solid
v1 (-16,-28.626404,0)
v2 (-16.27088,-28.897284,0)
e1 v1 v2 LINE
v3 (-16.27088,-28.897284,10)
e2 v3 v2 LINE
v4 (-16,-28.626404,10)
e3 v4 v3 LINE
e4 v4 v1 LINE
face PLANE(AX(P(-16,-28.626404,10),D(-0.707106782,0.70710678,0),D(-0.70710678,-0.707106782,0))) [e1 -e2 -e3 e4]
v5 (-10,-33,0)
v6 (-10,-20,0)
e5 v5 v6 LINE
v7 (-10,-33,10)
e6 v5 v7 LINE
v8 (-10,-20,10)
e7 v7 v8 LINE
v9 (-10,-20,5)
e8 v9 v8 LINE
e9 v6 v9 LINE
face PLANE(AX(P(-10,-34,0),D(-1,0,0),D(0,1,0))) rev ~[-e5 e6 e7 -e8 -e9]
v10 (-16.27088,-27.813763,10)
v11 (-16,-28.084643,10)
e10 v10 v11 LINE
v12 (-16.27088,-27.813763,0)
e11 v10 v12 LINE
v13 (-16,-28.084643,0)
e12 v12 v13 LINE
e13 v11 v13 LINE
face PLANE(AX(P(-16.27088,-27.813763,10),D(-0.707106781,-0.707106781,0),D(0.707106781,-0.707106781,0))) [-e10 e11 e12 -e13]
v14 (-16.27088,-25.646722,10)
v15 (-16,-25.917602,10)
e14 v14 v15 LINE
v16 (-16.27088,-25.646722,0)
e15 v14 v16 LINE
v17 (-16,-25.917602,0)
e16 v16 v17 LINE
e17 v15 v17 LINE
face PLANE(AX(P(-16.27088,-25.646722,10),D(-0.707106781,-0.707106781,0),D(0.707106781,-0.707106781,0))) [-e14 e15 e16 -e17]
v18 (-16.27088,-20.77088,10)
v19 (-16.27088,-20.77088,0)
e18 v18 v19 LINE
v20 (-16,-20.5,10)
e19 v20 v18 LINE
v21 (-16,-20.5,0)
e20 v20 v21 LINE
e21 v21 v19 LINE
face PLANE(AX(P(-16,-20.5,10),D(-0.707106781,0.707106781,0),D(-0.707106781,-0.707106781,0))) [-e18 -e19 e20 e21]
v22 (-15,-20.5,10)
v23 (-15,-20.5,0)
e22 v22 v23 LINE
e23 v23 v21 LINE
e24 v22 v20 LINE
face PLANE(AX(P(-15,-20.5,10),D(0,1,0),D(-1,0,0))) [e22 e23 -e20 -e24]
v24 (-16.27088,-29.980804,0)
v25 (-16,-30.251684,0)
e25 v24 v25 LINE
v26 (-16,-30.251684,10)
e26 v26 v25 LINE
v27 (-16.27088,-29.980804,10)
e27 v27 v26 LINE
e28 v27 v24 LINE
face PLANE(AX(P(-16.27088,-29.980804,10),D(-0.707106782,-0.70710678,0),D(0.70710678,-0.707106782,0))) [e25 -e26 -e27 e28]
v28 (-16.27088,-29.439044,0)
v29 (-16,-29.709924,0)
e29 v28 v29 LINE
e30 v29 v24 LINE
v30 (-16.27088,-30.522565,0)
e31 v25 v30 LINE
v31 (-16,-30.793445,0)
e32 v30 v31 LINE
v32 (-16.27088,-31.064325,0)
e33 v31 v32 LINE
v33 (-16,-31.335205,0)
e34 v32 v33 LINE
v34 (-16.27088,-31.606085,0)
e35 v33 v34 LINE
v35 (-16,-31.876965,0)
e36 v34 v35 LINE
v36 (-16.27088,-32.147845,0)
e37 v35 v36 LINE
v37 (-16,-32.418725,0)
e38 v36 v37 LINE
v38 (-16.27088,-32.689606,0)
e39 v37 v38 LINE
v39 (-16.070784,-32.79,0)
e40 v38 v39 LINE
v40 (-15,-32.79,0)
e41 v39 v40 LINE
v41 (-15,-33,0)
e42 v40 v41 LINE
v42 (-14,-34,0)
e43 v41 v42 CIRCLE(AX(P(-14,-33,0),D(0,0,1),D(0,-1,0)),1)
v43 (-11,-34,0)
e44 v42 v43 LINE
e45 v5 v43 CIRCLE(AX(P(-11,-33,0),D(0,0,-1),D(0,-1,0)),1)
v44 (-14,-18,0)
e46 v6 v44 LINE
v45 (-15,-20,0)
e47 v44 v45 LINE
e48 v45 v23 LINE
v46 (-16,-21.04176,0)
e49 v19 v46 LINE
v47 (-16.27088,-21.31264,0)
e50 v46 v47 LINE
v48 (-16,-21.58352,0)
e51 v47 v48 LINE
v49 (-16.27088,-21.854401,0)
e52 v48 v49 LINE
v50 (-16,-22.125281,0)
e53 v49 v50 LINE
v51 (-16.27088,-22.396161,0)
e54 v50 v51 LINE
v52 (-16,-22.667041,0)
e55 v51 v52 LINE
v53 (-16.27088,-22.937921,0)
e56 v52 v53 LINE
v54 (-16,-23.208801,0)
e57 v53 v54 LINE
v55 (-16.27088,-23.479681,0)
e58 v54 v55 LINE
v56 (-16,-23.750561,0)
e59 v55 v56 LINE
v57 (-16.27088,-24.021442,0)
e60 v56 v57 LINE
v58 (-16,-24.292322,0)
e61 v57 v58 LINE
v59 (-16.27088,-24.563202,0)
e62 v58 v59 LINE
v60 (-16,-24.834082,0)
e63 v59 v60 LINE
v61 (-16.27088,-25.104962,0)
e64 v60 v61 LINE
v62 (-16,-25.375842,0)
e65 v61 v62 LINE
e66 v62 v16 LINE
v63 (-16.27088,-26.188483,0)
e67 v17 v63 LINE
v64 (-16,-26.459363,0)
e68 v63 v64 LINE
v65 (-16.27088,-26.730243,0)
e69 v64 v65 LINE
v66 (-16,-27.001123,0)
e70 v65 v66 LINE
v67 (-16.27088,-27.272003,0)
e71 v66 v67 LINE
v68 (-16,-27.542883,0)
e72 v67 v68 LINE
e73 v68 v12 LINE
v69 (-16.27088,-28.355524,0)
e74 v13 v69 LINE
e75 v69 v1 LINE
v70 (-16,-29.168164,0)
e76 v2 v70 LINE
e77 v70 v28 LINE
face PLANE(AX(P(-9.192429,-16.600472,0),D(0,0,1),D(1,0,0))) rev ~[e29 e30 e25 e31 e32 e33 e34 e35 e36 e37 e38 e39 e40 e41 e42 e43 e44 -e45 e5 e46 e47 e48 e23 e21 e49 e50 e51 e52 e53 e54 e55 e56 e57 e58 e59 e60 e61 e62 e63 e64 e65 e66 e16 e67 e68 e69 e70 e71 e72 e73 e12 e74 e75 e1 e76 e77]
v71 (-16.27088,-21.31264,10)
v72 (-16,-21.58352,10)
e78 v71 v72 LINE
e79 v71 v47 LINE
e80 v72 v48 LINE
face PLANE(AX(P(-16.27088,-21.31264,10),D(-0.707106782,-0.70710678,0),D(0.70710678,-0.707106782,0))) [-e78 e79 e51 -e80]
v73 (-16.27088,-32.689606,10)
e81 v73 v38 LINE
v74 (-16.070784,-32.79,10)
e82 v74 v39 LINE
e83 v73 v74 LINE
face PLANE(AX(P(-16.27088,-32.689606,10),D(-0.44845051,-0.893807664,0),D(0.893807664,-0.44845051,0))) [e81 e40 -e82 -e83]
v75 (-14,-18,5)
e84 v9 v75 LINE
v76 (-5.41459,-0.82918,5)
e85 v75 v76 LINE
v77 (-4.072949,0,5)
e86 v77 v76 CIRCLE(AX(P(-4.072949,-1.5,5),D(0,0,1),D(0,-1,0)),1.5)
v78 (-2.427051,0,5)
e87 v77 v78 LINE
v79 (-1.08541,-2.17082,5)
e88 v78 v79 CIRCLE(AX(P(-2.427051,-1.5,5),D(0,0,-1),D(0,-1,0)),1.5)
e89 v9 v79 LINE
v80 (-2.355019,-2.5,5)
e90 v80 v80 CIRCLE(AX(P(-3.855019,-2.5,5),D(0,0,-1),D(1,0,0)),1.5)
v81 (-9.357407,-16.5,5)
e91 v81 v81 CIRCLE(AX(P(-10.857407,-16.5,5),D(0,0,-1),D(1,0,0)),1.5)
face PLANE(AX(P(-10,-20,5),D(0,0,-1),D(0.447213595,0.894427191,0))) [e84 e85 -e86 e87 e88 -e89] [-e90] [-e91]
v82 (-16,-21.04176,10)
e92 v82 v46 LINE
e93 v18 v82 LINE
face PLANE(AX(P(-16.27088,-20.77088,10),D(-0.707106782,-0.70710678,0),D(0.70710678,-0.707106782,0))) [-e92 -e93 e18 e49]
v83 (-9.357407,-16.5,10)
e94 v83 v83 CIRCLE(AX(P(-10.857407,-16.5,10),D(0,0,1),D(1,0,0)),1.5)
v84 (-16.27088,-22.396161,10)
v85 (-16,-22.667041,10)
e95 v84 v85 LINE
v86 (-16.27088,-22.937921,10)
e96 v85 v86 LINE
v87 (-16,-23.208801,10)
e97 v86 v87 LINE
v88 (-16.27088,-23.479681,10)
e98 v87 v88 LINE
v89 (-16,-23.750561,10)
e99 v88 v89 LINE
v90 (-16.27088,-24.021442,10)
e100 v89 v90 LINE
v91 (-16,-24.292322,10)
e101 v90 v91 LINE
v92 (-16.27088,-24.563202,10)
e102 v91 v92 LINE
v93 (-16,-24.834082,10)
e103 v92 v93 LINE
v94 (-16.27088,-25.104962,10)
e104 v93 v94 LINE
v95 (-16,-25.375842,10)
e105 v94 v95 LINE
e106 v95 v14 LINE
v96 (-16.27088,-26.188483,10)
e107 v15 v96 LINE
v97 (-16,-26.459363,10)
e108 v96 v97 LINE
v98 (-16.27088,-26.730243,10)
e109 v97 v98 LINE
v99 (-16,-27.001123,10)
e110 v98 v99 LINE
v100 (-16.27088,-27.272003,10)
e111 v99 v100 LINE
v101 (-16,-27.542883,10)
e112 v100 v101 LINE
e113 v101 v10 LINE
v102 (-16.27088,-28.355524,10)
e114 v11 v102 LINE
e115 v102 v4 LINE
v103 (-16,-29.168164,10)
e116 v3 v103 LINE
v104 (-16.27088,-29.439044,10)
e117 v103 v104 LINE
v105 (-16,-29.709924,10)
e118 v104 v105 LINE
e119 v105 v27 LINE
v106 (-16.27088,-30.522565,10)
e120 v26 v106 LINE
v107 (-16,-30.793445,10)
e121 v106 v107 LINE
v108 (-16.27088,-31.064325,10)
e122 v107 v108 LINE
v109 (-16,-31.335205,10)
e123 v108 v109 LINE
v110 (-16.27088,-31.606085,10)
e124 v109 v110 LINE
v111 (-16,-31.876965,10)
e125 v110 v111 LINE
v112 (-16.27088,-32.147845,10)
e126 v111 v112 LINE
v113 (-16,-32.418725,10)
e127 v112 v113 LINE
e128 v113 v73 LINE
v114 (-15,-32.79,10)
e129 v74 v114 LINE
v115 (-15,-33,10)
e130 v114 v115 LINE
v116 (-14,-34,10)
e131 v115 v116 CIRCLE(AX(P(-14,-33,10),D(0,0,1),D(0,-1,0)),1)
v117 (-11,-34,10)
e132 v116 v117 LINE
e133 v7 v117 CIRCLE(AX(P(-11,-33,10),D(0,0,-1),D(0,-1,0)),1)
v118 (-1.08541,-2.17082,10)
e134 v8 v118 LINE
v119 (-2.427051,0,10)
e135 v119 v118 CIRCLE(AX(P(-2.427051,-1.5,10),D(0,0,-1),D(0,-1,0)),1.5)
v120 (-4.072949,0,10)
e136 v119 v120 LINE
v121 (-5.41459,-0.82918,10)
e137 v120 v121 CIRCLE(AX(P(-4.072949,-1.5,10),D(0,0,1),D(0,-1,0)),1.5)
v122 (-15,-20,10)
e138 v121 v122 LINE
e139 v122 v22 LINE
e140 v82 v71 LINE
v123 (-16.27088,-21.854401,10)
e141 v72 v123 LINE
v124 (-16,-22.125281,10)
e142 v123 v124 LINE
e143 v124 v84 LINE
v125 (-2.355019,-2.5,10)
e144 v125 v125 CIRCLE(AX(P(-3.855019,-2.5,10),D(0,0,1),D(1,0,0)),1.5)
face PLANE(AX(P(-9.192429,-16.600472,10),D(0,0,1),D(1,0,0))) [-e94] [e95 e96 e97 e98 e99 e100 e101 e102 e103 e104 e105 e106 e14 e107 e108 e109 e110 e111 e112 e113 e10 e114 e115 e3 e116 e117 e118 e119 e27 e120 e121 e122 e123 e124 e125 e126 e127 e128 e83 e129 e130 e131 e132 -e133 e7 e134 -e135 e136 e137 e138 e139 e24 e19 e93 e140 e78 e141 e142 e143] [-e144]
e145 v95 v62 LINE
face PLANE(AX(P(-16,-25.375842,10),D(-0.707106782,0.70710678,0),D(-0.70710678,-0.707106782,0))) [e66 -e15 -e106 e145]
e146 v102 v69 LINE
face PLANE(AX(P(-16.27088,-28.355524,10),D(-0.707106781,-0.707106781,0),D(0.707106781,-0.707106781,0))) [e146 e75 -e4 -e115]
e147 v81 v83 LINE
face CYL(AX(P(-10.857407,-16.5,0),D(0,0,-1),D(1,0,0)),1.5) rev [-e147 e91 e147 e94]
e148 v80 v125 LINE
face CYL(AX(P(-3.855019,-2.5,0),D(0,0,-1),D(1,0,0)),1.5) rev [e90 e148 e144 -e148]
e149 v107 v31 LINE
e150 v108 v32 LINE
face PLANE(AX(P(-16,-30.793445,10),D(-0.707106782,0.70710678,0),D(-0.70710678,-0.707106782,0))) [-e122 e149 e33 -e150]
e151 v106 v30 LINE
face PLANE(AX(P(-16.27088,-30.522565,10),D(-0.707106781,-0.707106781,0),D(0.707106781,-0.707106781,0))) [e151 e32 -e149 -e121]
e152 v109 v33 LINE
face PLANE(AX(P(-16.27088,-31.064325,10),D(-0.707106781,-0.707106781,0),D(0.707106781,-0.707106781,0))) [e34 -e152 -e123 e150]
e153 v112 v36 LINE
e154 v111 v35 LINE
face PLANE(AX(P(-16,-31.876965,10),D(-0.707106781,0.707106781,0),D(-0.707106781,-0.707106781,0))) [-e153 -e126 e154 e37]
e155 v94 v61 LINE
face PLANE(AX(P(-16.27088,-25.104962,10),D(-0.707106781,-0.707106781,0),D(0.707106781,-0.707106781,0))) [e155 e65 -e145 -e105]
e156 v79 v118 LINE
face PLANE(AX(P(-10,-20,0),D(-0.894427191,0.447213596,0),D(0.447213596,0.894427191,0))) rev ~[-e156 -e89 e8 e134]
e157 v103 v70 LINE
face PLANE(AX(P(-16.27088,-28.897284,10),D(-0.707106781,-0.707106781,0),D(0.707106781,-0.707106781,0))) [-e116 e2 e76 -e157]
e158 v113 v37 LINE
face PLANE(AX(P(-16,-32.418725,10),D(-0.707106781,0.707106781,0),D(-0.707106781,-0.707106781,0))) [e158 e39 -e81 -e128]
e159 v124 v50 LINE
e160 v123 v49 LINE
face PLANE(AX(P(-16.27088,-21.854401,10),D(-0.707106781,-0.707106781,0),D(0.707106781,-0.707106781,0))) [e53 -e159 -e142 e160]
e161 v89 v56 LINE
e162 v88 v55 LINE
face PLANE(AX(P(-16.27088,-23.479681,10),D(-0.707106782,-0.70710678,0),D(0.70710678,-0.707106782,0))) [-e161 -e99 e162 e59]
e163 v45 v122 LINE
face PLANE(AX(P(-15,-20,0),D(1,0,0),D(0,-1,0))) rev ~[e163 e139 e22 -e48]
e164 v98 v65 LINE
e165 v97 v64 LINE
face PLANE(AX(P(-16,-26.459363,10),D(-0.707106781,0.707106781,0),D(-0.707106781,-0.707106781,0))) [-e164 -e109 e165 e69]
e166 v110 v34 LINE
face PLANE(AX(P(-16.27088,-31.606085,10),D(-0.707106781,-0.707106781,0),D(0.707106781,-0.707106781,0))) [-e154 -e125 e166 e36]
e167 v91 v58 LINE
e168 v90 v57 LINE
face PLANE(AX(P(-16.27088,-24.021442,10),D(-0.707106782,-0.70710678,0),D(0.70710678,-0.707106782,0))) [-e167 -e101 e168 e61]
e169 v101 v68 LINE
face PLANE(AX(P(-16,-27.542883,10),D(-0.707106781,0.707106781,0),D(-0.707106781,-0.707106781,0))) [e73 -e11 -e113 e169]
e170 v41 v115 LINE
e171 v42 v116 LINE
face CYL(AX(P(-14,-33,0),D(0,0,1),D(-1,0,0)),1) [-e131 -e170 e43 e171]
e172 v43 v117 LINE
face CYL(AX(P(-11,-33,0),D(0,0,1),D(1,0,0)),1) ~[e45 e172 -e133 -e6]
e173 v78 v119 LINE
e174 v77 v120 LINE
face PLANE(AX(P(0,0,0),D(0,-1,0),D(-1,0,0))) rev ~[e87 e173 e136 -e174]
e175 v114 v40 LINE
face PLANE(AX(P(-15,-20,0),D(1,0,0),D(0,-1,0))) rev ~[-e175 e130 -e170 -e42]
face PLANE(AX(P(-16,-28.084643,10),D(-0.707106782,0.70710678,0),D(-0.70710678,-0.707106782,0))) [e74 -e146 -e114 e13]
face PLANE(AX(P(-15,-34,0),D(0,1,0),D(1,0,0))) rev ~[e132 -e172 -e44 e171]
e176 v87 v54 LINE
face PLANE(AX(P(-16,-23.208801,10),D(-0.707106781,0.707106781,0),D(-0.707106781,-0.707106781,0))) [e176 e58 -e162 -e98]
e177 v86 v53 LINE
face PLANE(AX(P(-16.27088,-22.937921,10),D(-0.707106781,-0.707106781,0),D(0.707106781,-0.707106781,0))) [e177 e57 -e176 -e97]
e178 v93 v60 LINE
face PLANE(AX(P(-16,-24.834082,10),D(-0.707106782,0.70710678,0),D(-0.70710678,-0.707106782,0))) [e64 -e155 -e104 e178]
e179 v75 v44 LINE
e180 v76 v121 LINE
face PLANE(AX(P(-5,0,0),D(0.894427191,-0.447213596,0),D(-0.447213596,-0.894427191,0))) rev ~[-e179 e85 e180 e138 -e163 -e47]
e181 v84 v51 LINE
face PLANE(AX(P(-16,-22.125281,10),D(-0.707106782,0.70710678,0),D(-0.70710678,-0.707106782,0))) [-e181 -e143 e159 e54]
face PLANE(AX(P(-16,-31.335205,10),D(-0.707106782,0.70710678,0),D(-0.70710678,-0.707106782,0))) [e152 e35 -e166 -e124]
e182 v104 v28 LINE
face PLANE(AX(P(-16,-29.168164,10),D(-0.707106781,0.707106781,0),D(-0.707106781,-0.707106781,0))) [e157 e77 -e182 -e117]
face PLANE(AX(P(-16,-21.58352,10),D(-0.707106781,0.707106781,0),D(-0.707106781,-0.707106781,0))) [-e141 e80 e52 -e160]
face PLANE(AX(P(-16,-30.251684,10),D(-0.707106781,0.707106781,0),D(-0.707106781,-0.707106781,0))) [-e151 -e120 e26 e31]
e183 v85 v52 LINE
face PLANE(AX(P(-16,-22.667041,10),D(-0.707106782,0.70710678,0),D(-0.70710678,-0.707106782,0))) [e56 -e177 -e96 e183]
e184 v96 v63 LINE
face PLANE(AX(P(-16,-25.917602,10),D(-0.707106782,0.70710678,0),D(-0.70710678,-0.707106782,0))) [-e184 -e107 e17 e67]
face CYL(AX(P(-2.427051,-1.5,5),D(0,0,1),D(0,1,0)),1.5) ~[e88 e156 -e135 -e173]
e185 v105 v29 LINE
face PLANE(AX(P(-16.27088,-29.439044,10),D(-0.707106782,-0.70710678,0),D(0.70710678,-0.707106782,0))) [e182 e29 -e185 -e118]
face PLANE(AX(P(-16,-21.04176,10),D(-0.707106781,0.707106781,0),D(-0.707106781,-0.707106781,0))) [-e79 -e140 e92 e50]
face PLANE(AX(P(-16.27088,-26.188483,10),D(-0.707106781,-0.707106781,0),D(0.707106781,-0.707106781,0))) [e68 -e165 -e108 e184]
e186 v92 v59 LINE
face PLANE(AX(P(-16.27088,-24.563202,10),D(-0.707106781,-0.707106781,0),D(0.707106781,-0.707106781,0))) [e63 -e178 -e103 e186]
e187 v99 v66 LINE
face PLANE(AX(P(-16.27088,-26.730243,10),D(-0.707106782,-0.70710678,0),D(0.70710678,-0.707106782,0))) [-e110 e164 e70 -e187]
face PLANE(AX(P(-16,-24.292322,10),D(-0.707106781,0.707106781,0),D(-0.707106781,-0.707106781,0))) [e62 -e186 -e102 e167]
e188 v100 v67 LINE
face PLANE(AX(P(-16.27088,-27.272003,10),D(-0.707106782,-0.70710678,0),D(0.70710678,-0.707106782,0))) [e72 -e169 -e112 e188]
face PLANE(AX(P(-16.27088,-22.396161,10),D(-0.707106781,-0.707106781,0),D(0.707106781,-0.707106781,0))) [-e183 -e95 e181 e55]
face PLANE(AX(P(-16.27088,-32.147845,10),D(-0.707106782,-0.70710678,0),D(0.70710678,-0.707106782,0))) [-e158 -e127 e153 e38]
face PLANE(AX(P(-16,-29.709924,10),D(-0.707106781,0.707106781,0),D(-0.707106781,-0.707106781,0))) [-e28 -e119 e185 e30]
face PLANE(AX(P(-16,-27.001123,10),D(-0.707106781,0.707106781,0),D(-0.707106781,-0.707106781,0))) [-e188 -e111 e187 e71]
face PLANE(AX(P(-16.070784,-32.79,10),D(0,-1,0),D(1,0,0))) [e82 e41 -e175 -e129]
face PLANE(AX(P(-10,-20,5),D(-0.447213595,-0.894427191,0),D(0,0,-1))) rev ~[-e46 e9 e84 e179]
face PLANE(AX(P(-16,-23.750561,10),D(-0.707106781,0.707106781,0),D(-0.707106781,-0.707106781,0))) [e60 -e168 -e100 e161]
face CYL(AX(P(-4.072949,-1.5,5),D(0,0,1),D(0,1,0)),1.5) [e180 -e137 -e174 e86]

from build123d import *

# Parameters (mm, degrees)
SKETCH2_R           = 1.5
BOSS_EXTRUDE1_DEPTH = 10
SKETCH4_W           = 5
SKETCH4_H           = 22.360679775
CUT_EXTRUDE1_DEPTH  = 10
FILLET1_R           = 1.5
FILLET2_R           = 1
BOSS_EXTRUDE2_DEPTH = 10


with BuildPart() as part:
    # Sketch2 → Boss-Extrude1 (new body)
    with BuildSketch(Plane.XY):
        Polygon((0, 0), (-5, 0), (-15, -20), (-15, -34), (-10, -34), (-10, -20), align=None)
        with Locations((-3.855019194, -2.5)):
            Circle(SKETCH2_R, mode=Mode.SUBTRACT)
        with Locations((-10.857407264, -16.5)):
            Circle(SKETCH2_R, mode=Mode.SUBTRACT)
    extrude(amount=BOSS_EXTRUDE1_DEPTH)

    # Sketch4 → Cut-Extrude1 (cut)
    with BuildSketch(Plane(origin=(0, 0, 0), x_dir=(0, 0, -1), z_dir=(0.894427191, -0.447213595, 0))):
        with Locations((-2.5, -11.180339888)):
            Rectangle(SKETCH4_W, SKETCH4_H)
    extrude(amount=-CUT_EXTRUDE1_DEPTH, mode=Mode.SUBTRACT)

    # Fillet1
    fillet1_edges = [part.edges().sort_by_distance(p)[0] for p in [
        (-5, 0, 7.5),
        (0, 0, 7.5),
    ]]
    fillet(fillet1_edges, radius=FILLET1_R)

    # Fillet2
    fillet2_edges = [part.edges().sort_by_distance(p)[0] for p in [
        (-15, -34, 5),
        (-10, -34, 5),
    ]]
    fillet(fillet2_edges, radius=FILLET2_R)

    # Sketch5 → Boss-Extrude2 (add)
    with BuildSketch(Plane.XY.offset(10)):
        Polygon((-15, -20.5), (-16, -20.5), (-16.270880122, -20.770880122), (-16, -21.041760245), (-16.270880122, -21.312640367), (-16, -21.58352049), (-16.270880122, -21.854400612), (-16, -22.125280734), (-16.270880122, -22.396160857), (-16, -22.667040979), (-16.270880122, -22.937921102), (-16, -23.208801224), (-16.270880122, -23.479681346), (-16, -23.750561469), (-16.270880122, -24.021441591), (-16, -24.292321714), (-16.270880122, -24.563201836), (-16, -24.834081958), (-16.270880122, -25.104962081), (-16, -25.375842203), (-16.270880122, -25.646722326), (-16, -25.917602448), (-16.270880122, -26.188482571), (-16, -26.459362693), (-16.270880122, -26.730242815), (-16, -27.001122938), (-16.270880122, -27.27200306), (-16, -27.542883183), (-16.270880122, -27.813763305), (-16, -28.084643427), (-16.270880122, -28.35552355), (-16, -28.626403672), (-16.270880122, -28.897283795), (-16, -29.168163917), (-16.270880122, -29.439044039), (-16, -29.709924162), (-16.270880122, -29.980804284), (-16, -30.251684407), (-16.270880122, -30.522564529), (-16, -30.793444651), (-16.270880122, -31.064324774), (-16, -31.335204896), (-16.270880122, -31.606085019), (-16, -31.876965141), (-16.270880122, -32.147845263), (-16, -32.418725386), (-16.270880122, -32.689605508), (-16.070783647, -32.79), (-15, -32.79), align=None)
    extrude(amount=-BOSS_EXTRUDE2_DEPTH)


solid = part.part
